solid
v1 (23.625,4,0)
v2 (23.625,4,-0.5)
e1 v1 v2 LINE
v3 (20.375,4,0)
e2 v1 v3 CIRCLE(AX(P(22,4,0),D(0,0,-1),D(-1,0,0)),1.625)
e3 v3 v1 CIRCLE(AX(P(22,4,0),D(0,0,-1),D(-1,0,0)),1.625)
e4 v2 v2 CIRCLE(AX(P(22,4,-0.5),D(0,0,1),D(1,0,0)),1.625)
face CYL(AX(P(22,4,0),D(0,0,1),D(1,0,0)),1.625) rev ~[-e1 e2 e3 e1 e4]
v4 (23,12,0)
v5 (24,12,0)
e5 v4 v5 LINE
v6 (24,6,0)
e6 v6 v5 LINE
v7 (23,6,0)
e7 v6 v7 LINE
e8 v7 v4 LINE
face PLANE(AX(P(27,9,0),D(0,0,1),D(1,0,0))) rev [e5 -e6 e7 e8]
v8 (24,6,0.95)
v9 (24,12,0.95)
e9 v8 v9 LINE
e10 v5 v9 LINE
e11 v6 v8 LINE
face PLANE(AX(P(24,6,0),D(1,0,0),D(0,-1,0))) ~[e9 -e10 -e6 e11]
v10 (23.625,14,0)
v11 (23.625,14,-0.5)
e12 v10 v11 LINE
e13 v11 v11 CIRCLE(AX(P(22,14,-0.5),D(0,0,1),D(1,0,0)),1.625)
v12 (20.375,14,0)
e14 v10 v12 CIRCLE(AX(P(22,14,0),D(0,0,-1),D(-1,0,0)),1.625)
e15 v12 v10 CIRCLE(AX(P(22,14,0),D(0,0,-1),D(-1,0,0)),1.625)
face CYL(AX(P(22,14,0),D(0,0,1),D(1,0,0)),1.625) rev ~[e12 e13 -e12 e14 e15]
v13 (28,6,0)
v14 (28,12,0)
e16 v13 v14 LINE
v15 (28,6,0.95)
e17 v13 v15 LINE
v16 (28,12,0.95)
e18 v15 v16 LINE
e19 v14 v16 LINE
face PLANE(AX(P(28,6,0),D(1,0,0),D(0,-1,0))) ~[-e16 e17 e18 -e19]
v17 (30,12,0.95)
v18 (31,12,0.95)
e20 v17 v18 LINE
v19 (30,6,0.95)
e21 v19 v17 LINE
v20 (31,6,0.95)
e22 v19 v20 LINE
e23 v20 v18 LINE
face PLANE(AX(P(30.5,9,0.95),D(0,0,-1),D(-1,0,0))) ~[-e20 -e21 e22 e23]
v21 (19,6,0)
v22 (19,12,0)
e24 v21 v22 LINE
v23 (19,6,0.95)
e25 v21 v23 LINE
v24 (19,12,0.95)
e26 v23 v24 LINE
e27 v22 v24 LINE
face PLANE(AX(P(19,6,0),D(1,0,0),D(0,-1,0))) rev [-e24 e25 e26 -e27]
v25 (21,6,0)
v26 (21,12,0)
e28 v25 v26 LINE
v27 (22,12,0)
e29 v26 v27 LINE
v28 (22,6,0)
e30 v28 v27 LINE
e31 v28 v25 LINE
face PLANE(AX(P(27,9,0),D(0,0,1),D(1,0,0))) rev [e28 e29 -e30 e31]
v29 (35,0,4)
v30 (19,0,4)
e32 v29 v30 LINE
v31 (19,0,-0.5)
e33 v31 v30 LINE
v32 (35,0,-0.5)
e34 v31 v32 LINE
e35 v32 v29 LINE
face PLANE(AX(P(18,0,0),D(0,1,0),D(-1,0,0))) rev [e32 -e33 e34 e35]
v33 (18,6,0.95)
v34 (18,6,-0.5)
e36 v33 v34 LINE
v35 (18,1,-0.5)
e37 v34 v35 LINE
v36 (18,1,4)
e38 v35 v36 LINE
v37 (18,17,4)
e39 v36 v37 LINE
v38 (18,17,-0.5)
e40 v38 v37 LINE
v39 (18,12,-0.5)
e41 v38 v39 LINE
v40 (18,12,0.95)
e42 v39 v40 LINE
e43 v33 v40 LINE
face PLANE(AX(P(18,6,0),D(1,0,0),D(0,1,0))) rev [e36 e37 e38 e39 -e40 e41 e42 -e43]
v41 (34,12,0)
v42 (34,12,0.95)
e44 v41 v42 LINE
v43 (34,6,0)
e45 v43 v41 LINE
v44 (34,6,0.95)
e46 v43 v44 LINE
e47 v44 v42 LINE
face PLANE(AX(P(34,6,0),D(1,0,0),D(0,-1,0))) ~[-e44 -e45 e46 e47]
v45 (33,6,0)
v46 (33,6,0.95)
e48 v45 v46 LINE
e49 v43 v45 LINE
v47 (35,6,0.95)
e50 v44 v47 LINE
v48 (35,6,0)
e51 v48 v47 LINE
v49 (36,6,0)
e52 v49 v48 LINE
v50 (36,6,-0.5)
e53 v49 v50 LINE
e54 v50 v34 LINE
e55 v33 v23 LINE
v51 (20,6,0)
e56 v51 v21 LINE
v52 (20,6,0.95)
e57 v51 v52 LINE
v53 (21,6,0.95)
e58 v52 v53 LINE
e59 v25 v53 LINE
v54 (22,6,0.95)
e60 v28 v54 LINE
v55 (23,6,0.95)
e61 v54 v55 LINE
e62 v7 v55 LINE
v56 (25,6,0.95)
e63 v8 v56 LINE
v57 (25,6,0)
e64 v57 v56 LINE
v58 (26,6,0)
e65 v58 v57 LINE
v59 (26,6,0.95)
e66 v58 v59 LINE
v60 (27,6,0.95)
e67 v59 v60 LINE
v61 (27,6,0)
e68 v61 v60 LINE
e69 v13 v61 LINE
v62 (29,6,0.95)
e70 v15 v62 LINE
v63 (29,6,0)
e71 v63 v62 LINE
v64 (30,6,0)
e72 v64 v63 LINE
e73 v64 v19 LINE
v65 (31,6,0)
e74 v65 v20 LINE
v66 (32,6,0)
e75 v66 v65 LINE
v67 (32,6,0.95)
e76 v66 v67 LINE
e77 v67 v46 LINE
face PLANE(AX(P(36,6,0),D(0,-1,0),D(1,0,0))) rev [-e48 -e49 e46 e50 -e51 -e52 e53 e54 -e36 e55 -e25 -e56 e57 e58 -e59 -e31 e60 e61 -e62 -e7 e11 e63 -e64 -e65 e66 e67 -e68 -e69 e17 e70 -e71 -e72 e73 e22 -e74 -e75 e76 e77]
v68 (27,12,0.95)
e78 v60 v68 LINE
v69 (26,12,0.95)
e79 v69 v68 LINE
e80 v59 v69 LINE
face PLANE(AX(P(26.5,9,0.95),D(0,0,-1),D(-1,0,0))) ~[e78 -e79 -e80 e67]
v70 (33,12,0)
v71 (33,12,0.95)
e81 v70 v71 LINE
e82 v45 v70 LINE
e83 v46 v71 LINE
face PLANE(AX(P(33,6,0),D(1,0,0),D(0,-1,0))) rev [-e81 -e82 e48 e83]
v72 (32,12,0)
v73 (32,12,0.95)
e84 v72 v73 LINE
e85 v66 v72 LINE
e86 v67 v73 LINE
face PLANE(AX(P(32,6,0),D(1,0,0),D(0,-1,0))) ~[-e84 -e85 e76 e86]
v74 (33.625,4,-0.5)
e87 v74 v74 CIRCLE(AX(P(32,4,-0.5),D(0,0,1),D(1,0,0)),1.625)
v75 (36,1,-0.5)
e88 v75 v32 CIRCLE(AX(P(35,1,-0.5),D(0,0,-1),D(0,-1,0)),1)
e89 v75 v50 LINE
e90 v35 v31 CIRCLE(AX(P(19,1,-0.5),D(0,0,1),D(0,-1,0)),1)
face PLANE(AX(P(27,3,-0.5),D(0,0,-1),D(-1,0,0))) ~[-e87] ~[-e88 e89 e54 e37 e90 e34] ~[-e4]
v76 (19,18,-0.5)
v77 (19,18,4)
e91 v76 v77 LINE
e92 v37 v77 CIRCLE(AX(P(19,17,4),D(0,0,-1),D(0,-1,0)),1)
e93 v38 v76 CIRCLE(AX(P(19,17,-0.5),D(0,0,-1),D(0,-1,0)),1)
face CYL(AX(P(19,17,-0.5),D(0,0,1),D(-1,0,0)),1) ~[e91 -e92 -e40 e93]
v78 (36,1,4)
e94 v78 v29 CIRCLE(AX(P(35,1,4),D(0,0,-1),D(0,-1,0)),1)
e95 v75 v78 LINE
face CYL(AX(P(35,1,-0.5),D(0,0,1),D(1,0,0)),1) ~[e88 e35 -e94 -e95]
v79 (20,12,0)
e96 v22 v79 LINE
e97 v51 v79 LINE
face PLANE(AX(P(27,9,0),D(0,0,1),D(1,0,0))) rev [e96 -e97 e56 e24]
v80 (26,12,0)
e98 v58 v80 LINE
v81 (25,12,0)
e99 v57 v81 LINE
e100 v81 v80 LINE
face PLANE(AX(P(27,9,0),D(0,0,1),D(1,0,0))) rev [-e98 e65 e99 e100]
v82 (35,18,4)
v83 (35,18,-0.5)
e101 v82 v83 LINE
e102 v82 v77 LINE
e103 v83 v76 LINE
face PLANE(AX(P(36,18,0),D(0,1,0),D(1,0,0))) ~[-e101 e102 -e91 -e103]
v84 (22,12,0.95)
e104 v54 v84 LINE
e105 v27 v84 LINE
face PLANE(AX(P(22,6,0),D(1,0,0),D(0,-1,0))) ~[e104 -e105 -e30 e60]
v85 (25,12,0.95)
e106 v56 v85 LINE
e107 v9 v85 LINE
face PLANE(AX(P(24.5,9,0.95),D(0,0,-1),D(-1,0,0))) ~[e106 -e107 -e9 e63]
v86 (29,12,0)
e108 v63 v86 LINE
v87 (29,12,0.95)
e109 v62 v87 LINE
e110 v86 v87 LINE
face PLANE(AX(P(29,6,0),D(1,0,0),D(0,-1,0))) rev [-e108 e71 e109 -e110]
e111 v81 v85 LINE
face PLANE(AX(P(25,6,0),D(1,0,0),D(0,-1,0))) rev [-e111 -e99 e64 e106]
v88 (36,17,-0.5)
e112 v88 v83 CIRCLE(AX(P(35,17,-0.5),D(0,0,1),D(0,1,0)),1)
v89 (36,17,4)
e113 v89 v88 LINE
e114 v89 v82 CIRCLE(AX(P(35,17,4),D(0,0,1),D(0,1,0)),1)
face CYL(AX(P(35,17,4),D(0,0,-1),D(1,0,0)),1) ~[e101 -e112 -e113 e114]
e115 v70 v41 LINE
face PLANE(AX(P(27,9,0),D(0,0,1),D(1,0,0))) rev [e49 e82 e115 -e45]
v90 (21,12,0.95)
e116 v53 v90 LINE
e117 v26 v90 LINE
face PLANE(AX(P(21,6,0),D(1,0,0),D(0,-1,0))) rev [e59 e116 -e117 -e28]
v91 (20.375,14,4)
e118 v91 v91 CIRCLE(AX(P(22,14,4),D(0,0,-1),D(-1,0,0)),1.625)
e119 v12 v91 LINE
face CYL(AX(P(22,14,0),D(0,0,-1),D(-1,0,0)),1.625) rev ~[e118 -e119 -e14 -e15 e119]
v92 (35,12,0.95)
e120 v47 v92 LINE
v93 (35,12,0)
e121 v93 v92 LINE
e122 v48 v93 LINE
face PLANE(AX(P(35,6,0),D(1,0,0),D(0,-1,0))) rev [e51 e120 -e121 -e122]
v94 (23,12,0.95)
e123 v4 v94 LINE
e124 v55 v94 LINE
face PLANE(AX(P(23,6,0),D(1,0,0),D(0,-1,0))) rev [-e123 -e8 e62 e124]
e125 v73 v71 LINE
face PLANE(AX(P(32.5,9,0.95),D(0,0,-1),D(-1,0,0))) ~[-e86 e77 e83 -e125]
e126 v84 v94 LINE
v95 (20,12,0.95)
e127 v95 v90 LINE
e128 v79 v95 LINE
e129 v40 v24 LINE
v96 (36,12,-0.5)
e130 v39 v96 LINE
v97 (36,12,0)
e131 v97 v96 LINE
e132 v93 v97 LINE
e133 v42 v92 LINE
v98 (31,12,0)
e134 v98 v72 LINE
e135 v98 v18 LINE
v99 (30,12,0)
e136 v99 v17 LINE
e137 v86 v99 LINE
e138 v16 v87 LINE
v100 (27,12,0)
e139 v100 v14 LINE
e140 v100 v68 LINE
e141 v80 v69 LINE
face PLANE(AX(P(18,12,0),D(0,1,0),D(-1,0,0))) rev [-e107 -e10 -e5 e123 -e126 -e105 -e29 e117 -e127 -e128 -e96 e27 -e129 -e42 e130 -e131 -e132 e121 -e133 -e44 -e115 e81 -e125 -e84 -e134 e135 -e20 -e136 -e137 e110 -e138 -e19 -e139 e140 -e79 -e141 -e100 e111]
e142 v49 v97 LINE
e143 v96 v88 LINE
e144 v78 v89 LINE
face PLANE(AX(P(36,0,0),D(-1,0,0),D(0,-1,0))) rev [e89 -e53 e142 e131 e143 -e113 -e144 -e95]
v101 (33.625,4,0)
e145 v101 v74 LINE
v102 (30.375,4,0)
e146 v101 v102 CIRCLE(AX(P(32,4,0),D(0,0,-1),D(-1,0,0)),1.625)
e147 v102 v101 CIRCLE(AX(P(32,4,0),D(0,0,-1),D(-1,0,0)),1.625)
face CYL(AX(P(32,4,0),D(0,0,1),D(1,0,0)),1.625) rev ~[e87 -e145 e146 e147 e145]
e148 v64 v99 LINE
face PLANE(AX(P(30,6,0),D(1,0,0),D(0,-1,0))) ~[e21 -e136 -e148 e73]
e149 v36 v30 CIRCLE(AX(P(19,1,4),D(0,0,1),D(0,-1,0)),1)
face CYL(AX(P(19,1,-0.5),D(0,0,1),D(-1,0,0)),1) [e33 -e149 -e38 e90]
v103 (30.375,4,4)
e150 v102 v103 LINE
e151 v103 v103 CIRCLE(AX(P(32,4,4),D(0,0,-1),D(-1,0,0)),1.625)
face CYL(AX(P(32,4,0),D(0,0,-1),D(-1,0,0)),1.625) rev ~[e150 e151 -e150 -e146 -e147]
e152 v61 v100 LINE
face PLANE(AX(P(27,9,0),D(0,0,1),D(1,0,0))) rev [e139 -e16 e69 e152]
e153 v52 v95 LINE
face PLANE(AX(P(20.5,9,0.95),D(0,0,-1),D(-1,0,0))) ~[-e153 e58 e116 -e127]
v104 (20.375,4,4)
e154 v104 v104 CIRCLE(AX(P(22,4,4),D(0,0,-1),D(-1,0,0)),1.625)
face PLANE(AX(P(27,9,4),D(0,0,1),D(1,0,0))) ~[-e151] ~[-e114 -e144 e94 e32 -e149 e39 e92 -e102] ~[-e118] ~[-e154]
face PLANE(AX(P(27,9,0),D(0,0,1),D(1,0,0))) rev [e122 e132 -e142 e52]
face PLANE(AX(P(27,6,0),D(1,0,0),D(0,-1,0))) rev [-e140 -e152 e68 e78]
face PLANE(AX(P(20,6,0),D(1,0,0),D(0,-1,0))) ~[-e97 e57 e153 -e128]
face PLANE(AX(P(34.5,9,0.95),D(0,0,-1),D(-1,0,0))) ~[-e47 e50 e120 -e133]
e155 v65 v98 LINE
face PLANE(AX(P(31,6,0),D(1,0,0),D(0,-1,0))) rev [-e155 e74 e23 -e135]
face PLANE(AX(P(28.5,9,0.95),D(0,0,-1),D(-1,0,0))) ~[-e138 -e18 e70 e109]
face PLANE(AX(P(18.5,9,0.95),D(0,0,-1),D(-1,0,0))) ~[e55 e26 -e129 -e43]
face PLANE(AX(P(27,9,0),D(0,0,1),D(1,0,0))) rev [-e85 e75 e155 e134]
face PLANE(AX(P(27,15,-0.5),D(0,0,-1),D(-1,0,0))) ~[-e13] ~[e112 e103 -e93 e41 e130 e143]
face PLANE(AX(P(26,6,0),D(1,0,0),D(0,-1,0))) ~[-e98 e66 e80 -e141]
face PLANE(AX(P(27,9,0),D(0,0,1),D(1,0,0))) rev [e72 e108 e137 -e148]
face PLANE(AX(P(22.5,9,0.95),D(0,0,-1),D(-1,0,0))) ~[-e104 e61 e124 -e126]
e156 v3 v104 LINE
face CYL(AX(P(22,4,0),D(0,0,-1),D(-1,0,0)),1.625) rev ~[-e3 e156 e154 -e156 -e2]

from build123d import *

# Parameters (mm, degrees)
SKETCH1_W           = 18
SKETCH1_H           = 18
SKETCH1_R           = 1.625
BOSS_EXTRUDE1_DEPTH = 4
SKETCH2_W           = 1
SKETCH2_H           = 6
CUT_EXTRUDE1_DEPTH  = 0.95
SKETCH3_R           = 1.625
BOSS_EXTRUDE2_DEPTH = 0.5
FILLET1_R           = 1


with BuildPart() as part:
    # Sketch1 → Boss-Extrude1 (new body)
    with BuildSketch(Plane.XY):
        with Locations((9, 9)):
            Rectangle(SKETCH1_W, SKETCH1_H)
        with Locations((4, 4)):
            Circle(SKETCH1_R, mode=Mode.SUBTRACT)
        with Locations((14, 4)):
            Circle(SKETCH1_R, mode=Mode.SUBTRACT)
        with Locations((14, 14)):
            Circle(SKETCH1_R, mode=Mode.SUBTRACT)
    extrude(amount=BOSS_EXTRUDE1_DEPTH)

    # Sketch2 → Cut-Extrude1 (cut)
    with BuildSketch(Plane(origin=(0, 0, 0), x_dir=(-1, 0, 0), z_dir=(0, 0, -1))):
        with Locations((-17.5, 9)):
            Rectangle(SKETCH2_W, SKETCH2_H)
        with Locations((-15.5, 9)):
            Rectangle(SKETCH2_W, SKETCH2_H)
        with Locations((-13.5, 9)):
            Rectangle(SKETCH2_W, SKETCH2_H)
        with Locations((-11.5, 9)):
            Rectangle(SKETCH2_W, SKETCH2_H)
        with Locations((-9.5, 9)):
            Rectangle(SKETCH2_W, SKETCH2_H)
        with Locations((-7.5, 9)):
            Rectangle(SKETCH2_W, SKETCH2_H)
        with Locations((-5.5, 9)):
            Rectangle(SKETCH2_W, SKETCH2_H)
        with Locations((-3.5, 9)):
            Rectangle(SKETCH2_W, SKETCH2_H)
        with Locations((-1.5, 9)):
            Rectangle(SKETCH2_W, SKETCH2_H)
    extrude(amount=-CUT_EXTRUDE1_DEPTH, mode=Mode.SUBTRACT)

    # Sketch3 → Boss-Extrude2 (add)
    with BuildSketch(Plane(origin=(0, 0, 0), x_dir=(-1, 0, 0), z_dir=(0, 0, -1))):
        Polygon((0, 0), (0, 6), (-1, 6), (-2, 6), (-3, 6), (-4, 6), (-5, 6), (-6, 6), (-7, 6), (-8, 6), (-9, 6), (-10, 6), (-11, 6), (-12, 6), (-13, 6), (-14, 6), (-15, 6), (-16, 6), (-17, 6), (-18, 6), (-18, 0), align=None)
        with Locations((-14, 4)):
            Circle(SKETCH3_R, mode=Mode.SUBTRACT)
        with Locations((-4, 4)):
            Circle(SKETCH3_R, mode=Mode.SUBTRACT)
        Polygon((0, 18), (-18, 18), (-18, 12), (-17, 12), (-16, 12), (-15, 12), (-14, 12), (-13, 12), (-12, 12), (-11, 12), (-10, 12), (-9, 12), (-8, 12), (-7, 12), (-6, 12), (-5, 12), (-4, 12), (-3, 12), (-2, 12), (-1, 12), (0, 12), align=None)
        with Locations((-14, 14)):
            Circle(SKETCH3_R, mode=Mode.SUBTRACT)
    extrude(amount=BOSS_EXTRUDE2_DEPTH)

    # Fillet1
    fillet1_edges = [part.edges().sort_by_distance(p)[0] for p in [
        (0, 18, 1.75),
        (18, 18, 1.75),
        (18, 0, 1.75),
        (0, 0, 1.75),
    ]]
    fillet(fillet1_edges, radius=FILLET1_R)


with BuildPart() as body_2:
    # Mirror1: mirrored copy
    add(part.part.mirror(Plane(origin=(18, 0, 4), x_dir=(0, 0, 1), z_dir=(-1, 0, 0))))


solid = body_2.part
